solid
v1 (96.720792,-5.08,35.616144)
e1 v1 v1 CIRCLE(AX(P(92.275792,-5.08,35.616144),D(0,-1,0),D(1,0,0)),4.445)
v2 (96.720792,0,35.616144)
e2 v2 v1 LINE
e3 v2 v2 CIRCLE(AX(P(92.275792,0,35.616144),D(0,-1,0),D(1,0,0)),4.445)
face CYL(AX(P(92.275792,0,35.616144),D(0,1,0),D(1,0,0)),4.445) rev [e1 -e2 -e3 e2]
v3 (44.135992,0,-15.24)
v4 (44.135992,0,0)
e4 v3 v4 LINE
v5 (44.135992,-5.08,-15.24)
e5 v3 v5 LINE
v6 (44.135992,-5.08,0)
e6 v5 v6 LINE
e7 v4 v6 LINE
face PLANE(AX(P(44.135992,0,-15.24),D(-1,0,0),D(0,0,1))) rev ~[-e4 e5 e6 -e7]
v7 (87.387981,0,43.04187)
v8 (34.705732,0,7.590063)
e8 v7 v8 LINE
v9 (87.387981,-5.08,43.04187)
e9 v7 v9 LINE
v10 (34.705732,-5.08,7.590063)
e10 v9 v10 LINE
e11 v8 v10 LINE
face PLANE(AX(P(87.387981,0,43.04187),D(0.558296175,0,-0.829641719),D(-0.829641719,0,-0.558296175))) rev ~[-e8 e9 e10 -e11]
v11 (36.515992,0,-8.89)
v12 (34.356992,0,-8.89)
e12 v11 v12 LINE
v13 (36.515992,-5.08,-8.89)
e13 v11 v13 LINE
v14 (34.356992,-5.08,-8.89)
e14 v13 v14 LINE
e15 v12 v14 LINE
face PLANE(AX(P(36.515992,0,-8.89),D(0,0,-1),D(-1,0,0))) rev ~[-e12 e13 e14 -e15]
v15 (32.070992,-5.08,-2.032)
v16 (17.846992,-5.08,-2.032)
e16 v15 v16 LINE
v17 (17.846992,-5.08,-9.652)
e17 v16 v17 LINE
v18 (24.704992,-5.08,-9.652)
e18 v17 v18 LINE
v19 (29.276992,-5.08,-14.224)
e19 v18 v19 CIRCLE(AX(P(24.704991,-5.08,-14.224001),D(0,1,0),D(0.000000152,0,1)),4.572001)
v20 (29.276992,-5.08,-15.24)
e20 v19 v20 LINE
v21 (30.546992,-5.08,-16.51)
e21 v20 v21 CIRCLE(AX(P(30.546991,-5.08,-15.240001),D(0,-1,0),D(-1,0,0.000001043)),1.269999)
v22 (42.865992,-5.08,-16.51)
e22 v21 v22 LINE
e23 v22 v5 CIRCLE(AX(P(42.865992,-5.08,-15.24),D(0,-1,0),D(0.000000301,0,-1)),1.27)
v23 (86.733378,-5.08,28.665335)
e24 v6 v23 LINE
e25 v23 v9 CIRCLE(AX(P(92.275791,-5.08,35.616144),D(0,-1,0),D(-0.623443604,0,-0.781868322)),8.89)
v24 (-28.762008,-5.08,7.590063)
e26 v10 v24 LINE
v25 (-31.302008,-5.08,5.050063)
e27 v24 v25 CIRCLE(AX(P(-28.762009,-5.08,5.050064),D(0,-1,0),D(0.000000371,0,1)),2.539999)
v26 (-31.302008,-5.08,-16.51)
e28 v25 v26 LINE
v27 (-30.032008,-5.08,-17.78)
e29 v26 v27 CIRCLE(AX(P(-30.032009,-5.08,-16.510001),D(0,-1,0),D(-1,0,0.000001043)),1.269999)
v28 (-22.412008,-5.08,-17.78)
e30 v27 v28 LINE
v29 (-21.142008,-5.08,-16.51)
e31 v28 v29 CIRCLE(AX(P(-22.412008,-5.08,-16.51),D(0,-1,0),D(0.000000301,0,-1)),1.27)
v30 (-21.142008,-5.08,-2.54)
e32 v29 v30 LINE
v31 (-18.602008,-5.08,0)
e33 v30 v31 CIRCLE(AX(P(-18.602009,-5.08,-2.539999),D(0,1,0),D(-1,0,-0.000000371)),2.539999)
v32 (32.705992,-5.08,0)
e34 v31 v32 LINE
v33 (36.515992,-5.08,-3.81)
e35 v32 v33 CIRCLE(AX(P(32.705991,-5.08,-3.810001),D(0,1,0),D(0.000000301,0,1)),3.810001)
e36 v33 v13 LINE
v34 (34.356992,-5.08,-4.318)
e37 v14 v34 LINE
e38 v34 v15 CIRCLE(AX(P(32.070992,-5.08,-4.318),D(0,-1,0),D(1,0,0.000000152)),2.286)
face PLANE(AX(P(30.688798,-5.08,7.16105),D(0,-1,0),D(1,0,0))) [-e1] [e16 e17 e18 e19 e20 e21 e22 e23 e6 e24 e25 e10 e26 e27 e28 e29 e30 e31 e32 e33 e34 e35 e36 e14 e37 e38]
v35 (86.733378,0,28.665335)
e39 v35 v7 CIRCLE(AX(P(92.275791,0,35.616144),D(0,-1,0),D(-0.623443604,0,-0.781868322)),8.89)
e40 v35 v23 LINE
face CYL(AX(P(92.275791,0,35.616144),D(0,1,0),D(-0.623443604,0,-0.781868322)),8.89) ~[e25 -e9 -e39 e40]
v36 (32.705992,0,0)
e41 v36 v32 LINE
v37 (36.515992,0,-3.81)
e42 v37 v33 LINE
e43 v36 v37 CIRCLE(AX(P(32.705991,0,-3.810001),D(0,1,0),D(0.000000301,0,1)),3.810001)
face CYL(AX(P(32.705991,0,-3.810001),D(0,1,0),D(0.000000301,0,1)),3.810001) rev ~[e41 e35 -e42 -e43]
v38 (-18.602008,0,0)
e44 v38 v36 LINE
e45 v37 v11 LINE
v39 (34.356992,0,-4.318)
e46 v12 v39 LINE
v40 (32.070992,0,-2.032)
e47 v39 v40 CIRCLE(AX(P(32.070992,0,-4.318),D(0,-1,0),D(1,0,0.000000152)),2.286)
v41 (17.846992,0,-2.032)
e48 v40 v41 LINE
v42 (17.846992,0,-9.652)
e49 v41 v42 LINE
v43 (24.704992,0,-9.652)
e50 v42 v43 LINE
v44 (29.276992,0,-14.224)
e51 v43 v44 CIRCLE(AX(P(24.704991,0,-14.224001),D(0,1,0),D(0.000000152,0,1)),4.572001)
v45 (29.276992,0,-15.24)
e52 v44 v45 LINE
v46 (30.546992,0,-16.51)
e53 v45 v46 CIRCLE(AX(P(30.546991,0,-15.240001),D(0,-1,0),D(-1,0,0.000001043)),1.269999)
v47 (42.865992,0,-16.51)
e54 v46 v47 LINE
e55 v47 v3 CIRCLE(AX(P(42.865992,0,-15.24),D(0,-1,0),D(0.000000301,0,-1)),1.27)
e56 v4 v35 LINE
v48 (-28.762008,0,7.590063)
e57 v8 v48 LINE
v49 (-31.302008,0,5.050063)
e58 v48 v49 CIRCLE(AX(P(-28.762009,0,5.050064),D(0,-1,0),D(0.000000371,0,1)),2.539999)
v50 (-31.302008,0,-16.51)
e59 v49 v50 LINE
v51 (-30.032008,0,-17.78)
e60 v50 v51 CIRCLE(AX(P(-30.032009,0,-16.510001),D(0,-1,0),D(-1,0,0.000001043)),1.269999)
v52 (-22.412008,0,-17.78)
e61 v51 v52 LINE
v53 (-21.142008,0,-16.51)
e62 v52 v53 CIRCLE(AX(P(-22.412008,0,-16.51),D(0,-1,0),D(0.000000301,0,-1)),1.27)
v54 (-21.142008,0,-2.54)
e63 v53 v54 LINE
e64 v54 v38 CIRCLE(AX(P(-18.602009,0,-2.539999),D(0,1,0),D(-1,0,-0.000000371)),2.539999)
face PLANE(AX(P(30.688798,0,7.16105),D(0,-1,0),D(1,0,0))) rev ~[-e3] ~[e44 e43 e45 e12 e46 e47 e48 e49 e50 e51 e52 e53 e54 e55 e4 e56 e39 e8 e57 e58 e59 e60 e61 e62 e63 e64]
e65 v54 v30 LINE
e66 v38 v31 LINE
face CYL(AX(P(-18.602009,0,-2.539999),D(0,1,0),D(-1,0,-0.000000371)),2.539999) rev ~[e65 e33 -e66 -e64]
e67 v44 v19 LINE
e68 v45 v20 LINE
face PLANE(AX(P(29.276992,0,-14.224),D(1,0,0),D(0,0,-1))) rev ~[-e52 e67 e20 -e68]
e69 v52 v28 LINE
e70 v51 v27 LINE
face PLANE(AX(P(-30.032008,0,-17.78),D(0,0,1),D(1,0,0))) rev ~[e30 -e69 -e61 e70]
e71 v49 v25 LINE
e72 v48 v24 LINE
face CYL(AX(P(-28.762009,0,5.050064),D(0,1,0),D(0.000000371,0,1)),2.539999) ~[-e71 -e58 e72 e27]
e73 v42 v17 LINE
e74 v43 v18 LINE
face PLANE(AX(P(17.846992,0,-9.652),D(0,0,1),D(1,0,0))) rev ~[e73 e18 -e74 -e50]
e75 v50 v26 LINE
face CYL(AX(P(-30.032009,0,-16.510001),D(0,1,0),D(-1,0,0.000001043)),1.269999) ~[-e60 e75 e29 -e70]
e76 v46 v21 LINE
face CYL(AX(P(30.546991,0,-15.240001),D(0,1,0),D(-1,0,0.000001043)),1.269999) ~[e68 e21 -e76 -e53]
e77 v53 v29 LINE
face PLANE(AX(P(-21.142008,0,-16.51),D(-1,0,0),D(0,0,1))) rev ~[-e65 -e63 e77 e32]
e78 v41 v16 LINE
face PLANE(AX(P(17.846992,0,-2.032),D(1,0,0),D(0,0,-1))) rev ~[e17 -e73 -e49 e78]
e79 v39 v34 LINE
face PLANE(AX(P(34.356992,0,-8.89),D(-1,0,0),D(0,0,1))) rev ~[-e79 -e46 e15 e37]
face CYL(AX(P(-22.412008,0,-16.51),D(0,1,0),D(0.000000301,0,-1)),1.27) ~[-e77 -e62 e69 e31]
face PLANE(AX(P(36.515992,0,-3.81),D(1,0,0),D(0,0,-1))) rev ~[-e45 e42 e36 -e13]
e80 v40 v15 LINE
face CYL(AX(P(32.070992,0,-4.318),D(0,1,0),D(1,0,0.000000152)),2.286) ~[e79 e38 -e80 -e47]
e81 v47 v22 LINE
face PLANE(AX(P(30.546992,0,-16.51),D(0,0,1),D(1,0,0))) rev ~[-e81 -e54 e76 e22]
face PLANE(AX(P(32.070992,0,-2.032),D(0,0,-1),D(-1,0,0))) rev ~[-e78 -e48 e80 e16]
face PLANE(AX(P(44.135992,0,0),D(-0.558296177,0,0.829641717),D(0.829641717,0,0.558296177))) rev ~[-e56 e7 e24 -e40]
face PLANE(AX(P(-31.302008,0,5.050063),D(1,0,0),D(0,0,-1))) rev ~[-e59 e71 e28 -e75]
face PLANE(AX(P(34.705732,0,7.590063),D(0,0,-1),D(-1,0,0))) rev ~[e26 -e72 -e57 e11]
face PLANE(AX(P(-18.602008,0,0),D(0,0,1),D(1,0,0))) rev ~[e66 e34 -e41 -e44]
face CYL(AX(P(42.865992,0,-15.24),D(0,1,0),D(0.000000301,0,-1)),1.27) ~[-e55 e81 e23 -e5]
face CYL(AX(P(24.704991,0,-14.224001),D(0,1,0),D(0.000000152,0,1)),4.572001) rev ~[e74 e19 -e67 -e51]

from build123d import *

# Parameters (mm, degrees)
F0_R     = 4.445
F1_DEPTH = 5.08


with BuildPart() as f1:
    # F0 (on Front) → F1 (new body)
    with BuildSketch(Plane.XZ):
        with BuildLine():
            ThreePointArc((-21.142008, -2.54), (-20.39806, -0.743949), (-18.602008, 0))
            Line((-18.602008, 0), (32.705992, 0))
            ThreePointArc((32.705992, 0), (35.400068, -1.115923), (36.515992, -3.81))
            Line((36.515992, -3.81), (36.515992, -8.89))
            Line((36.515992, -8.89), (34.356992, -8.89))
            Line((34.356992, -8.89), (34.356992, -4.318))
            ThreePointArc((34.356992, -4.318), (33.687438, -2.701554), (32.070992, -2.032))
            Line((32.070992, -2.032), (29.276992, -2.032))
            Line((29.276992, -2.032), (17.846992, -2.032))
            Line((17.846992, -2.032), (17.846992, -9.652))
            Line((17.846992, -9.652), (24.704992, -9.652))
            ThreePointArc((24.704992, -9.652), (27.937884, -10.991108), (29.276992, -14.224))
            Line((29.276992, -14.224), (29.276992, -15.24))
            ThreePointArc((29.276992, -15.24), (29.648966, -16.138026), (30.546992, -16.51))
            Line((30.546992, -16.51), (42.865992, -16.51))
            ThreePointArc((42.865992, -16.51), (43.764017, -16.138026), (44.135992, -15.24))
            Line((44.135992, -15.24), (44.135992, 0))
            Line((44.135992, 0), (86.733378, 28.665335))
            ThreePointArc((86.733378, 28.665335), (101.15659, 35.211777), (87.387981, 43.04187))
            Line((87.387981, 43.04187), (34.705732, 7.590063))
            Line((34.705732, 7.590063), (-28.762008, 7.590063))
            ThreePointArc((-28.762008, 7.590063), (-30.55806, 6.846114), (-31.302008, 5.050063))
            Line((-31.302008, 5.050063), (-31.302008, 0))
            Line((-31.302008, 0), (-31.302008, -16.51))
            ThreePointArc((-31.302008, -16.51), (-30.930034, -17.408026), (-30.032008, -17.78))
            Line((-30.032008, -17.78), (-22.412008, -17.78))
            ThreePointArc((-22.412008, -17.78), (-21.513983, -17.408026), (-21.142008, -16.51))
            Line((-21.142008, -16.51), (-21.142008, -2.54))
        make_face()
        with Locations((92.275792, 35.616144)):
            Circle(F0_R, mode=Mode.SUBTRACT)
    extrude(amount=F1_DEPTH)


solid = f1.part
